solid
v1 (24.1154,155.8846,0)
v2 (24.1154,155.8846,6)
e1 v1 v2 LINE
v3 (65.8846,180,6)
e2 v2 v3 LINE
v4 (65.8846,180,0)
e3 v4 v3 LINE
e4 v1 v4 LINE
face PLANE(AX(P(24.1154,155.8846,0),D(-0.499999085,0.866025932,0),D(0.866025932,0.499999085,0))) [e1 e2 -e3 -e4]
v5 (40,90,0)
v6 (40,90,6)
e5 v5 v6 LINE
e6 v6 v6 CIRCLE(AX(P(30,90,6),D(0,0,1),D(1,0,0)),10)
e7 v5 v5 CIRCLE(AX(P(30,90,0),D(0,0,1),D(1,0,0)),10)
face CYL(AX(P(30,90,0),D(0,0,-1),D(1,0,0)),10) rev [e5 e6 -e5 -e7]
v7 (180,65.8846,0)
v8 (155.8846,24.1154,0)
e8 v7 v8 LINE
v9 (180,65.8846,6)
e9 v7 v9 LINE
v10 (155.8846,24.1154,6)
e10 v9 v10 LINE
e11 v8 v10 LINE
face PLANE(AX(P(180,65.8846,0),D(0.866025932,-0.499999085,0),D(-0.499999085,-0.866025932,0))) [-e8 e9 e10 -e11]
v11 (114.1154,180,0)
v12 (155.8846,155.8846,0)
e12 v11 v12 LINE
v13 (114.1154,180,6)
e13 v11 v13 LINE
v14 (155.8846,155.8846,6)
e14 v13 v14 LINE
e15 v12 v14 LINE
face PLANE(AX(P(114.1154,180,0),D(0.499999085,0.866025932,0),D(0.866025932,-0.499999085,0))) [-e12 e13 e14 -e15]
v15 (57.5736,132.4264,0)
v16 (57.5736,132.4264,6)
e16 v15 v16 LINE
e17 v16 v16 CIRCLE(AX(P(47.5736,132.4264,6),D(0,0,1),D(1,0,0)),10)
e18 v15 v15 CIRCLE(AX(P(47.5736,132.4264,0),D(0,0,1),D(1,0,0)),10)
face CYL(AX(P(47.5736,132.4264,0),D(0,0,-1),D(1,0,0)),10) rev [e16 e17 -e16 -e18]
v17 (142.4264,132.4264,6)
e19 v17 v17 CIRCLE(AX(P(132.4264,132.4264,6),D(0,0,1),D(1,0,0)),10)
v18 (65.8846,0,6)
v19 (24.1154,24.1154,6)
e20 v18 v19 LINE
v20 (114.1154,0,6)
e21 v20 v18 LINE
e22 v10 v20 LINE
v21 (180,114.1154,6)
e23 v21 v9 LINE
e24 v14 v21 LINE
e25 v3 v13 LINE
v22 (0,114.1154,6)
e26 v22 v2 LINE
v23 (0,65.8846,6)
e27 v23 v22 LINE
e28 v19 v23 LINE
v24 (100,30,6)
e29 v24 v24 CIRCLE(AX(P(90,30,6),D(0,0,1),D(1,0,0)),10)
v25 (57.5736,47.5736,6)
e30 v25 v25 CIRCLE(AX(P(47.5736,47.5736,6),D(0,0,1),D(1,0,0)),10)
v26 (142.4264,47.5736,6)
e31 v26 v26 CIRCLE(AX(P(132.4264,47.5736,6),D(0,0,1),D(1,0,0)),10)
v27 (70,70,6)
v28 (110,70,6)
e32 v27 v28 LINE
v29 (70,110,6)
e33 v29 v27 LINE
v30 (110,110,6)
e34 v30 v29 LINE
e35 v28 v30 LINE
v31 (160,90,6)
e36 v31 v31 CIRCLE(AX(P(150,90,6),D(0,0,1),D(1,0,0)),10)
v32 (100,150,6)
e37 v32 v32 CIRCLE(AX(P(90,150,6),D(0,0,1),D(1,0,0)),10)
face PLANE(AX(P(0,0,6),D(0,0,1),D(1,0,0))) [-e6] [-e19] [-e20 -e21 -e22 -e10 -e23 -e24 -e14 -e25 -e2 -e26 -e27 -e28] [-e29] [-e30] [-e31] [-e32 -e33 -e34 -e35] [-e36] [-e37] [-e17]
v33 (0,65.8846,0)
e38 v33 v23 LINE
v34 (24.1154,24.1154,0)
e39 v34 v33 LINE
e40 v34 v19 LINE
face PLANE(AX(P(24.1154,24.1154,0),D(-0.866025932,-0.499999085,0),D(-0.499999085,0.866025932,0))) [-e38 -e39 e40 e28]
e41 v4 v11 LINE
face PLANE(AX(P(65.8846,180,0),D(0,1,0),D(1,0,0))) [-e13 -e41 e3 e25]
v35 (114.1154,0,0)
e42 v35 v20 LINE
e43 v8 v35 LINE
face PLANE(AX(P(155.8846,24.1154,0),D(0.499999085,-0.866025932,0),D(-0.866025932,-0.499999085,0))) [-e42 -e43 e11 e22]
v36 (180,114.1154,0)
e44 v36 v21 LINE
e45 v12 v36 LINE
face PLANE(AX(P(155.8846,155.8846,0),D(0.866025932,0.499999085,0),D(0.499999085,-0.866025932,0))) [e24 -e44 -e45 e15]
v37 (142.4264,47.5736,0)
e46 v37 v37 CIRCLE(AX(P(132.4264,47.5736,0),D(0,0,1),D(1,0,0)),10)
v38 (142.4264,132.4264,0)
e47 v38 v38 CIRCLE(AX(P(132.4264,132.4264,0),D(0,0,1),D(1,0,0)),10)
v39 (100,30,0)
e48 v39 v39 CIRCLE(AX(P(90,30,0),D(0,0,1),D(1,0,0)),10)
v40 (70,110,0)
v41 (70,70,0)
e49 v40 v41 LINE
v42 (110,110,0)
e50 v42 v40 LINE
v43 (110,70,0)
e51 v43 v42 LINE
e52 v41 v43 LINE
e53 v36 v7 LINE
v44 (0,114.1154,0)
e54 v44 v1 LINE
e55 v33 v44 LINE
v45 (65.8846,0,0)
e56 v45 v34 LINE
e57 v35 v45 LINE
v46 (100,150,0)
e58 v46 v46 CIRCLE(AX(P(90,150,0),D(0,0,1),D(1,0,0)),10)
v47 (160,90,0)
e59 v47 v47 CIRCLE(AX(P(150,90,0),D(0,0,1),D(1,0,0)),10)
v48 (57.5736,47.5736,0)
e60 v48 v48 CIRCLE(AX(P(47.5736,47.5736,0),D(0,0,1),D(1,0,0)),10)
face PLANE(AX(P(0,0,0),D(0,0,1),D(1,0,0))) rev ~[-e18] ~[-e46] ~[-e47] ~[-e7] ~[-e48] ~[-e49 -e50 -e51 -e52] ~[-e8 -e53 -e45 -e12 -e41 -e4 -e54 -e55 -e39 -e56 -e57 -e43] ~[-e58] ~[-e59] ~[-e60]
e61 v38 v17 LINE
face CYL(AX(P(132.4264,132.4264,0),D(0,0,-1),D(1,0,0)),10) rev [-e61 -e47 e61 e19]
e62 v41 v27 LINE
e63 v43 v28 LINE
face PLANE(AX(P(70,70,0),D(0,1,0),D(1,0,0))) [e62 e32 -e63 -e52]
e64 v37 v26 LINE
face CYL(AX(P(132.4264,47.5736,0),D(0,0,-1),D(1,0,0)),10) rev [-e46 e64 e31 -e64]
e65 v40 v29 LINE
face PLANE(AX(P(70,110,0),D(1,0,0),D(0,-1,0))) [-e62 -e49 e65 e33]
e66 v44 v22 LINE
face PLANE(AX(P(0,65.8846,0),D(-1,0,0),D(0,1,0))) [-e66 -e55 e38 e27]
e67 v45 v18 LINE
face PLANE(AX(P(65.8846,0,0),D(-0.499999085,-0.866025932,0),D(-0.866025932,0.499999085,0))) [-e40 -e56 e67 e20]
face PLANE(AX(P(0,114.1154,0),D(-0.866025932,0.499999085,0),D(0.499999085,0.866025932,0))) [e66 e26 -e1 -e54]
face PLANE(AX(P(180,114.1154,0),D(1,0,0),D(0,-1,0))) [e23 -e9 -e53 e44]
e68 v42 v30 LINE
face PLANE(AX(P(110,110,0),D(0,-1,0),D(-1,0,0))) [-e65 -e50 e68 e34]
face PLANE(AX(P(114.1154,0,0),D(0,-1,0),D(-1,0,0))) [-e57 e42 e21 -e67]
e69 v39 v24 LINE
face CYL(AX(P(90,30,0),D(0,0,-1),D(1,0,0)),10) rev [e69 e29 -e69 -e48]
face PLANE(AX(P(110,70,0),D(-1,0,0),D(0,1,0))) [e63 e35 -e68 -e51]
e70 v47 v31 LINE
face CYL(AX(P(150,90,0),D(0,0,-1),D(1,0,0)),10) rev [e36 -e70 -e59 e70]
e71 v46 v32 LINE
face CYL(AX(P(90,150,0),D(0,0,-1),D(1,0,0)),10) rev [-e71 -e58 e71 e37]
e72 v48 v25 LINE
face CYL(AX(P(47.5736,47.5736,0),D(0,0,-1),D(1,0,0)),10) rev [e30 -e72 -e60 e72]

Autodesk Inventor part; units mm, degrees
ref_plane "YZ Plane" through (0, 0, 0) normal (1, 0, 0) x (0, 1, 0)
ref_plane "XZ Plane" through (0, 0, 0) normal (0, 1, 0) x (-1, 0, 0)
ref_plane "XY Plane" through (0, 0, 0) normal (0, 0, 1) x (1, 0, 0)
sketch "Sketch1" plane through (0, 0, 0) normal (0, 0, 1) x (1, 0, 0)
  line L0 (65.8846, 0) -> (24.1154, 24.1154)
  line L1 (24.1154, 24.1154) -> (0, 65.8846)
  line L2 (0, 65.8846) -> (0, 114.1154)
  line L3 (0, 114.1154) -> (24.1154, 155.8846)
  line L4 (24.1154, 155.8846) -> (65.8846, 180)
  line L5 (65.8846, 180) -> (114.1154, 180)
  line L6 (114.1154, 180) -> (155.8846, 155.8846)
  line L7 (155.8846, 155.8846) -> (180, 114.1154)
  line L8 (180, 114.1154) -> (180, 65.8846)
  line L9 (180, 65.8846) -> (155.8846, 24.1154)
  line L10 (155.8846, 24.1154) -> (114.1154, 0)
  line L11 (114.1154, 0) -> (65.8846, 0)
  line L12 (70, 70) -> (110, 70)
  line L13 (110, 70) -> (110, 110)
  line L14 (110, 110) -> (70, 110)
  line L15 (70, 110) -> (70, 70)
  circle A0 centre (90, 150) radius 10
  circle A1 centre (47.5736, 132.4264) radius 10
  circle A2 centre (132.4264, 132.4264) radius 10
  circle A3 centre (150, 90) radius 10
  circle A4 centre (30, 90) radius 10
  circle A5 centre (47.5736, 47.5736) radius 10
  circle A6 centre (90, 30) radius 10
  circle A7 centre (132.4264, 47.5736) radius 10
  point P0 (0, 0)
  point P1 (90, 90)
  point P2 (90, 90)
  dimension "d1" = 20
  dimension "d2" = 20
extrude "Extrusion1" add sketch "Sketch1" along normal blind 6
properties part number "P2-11"
